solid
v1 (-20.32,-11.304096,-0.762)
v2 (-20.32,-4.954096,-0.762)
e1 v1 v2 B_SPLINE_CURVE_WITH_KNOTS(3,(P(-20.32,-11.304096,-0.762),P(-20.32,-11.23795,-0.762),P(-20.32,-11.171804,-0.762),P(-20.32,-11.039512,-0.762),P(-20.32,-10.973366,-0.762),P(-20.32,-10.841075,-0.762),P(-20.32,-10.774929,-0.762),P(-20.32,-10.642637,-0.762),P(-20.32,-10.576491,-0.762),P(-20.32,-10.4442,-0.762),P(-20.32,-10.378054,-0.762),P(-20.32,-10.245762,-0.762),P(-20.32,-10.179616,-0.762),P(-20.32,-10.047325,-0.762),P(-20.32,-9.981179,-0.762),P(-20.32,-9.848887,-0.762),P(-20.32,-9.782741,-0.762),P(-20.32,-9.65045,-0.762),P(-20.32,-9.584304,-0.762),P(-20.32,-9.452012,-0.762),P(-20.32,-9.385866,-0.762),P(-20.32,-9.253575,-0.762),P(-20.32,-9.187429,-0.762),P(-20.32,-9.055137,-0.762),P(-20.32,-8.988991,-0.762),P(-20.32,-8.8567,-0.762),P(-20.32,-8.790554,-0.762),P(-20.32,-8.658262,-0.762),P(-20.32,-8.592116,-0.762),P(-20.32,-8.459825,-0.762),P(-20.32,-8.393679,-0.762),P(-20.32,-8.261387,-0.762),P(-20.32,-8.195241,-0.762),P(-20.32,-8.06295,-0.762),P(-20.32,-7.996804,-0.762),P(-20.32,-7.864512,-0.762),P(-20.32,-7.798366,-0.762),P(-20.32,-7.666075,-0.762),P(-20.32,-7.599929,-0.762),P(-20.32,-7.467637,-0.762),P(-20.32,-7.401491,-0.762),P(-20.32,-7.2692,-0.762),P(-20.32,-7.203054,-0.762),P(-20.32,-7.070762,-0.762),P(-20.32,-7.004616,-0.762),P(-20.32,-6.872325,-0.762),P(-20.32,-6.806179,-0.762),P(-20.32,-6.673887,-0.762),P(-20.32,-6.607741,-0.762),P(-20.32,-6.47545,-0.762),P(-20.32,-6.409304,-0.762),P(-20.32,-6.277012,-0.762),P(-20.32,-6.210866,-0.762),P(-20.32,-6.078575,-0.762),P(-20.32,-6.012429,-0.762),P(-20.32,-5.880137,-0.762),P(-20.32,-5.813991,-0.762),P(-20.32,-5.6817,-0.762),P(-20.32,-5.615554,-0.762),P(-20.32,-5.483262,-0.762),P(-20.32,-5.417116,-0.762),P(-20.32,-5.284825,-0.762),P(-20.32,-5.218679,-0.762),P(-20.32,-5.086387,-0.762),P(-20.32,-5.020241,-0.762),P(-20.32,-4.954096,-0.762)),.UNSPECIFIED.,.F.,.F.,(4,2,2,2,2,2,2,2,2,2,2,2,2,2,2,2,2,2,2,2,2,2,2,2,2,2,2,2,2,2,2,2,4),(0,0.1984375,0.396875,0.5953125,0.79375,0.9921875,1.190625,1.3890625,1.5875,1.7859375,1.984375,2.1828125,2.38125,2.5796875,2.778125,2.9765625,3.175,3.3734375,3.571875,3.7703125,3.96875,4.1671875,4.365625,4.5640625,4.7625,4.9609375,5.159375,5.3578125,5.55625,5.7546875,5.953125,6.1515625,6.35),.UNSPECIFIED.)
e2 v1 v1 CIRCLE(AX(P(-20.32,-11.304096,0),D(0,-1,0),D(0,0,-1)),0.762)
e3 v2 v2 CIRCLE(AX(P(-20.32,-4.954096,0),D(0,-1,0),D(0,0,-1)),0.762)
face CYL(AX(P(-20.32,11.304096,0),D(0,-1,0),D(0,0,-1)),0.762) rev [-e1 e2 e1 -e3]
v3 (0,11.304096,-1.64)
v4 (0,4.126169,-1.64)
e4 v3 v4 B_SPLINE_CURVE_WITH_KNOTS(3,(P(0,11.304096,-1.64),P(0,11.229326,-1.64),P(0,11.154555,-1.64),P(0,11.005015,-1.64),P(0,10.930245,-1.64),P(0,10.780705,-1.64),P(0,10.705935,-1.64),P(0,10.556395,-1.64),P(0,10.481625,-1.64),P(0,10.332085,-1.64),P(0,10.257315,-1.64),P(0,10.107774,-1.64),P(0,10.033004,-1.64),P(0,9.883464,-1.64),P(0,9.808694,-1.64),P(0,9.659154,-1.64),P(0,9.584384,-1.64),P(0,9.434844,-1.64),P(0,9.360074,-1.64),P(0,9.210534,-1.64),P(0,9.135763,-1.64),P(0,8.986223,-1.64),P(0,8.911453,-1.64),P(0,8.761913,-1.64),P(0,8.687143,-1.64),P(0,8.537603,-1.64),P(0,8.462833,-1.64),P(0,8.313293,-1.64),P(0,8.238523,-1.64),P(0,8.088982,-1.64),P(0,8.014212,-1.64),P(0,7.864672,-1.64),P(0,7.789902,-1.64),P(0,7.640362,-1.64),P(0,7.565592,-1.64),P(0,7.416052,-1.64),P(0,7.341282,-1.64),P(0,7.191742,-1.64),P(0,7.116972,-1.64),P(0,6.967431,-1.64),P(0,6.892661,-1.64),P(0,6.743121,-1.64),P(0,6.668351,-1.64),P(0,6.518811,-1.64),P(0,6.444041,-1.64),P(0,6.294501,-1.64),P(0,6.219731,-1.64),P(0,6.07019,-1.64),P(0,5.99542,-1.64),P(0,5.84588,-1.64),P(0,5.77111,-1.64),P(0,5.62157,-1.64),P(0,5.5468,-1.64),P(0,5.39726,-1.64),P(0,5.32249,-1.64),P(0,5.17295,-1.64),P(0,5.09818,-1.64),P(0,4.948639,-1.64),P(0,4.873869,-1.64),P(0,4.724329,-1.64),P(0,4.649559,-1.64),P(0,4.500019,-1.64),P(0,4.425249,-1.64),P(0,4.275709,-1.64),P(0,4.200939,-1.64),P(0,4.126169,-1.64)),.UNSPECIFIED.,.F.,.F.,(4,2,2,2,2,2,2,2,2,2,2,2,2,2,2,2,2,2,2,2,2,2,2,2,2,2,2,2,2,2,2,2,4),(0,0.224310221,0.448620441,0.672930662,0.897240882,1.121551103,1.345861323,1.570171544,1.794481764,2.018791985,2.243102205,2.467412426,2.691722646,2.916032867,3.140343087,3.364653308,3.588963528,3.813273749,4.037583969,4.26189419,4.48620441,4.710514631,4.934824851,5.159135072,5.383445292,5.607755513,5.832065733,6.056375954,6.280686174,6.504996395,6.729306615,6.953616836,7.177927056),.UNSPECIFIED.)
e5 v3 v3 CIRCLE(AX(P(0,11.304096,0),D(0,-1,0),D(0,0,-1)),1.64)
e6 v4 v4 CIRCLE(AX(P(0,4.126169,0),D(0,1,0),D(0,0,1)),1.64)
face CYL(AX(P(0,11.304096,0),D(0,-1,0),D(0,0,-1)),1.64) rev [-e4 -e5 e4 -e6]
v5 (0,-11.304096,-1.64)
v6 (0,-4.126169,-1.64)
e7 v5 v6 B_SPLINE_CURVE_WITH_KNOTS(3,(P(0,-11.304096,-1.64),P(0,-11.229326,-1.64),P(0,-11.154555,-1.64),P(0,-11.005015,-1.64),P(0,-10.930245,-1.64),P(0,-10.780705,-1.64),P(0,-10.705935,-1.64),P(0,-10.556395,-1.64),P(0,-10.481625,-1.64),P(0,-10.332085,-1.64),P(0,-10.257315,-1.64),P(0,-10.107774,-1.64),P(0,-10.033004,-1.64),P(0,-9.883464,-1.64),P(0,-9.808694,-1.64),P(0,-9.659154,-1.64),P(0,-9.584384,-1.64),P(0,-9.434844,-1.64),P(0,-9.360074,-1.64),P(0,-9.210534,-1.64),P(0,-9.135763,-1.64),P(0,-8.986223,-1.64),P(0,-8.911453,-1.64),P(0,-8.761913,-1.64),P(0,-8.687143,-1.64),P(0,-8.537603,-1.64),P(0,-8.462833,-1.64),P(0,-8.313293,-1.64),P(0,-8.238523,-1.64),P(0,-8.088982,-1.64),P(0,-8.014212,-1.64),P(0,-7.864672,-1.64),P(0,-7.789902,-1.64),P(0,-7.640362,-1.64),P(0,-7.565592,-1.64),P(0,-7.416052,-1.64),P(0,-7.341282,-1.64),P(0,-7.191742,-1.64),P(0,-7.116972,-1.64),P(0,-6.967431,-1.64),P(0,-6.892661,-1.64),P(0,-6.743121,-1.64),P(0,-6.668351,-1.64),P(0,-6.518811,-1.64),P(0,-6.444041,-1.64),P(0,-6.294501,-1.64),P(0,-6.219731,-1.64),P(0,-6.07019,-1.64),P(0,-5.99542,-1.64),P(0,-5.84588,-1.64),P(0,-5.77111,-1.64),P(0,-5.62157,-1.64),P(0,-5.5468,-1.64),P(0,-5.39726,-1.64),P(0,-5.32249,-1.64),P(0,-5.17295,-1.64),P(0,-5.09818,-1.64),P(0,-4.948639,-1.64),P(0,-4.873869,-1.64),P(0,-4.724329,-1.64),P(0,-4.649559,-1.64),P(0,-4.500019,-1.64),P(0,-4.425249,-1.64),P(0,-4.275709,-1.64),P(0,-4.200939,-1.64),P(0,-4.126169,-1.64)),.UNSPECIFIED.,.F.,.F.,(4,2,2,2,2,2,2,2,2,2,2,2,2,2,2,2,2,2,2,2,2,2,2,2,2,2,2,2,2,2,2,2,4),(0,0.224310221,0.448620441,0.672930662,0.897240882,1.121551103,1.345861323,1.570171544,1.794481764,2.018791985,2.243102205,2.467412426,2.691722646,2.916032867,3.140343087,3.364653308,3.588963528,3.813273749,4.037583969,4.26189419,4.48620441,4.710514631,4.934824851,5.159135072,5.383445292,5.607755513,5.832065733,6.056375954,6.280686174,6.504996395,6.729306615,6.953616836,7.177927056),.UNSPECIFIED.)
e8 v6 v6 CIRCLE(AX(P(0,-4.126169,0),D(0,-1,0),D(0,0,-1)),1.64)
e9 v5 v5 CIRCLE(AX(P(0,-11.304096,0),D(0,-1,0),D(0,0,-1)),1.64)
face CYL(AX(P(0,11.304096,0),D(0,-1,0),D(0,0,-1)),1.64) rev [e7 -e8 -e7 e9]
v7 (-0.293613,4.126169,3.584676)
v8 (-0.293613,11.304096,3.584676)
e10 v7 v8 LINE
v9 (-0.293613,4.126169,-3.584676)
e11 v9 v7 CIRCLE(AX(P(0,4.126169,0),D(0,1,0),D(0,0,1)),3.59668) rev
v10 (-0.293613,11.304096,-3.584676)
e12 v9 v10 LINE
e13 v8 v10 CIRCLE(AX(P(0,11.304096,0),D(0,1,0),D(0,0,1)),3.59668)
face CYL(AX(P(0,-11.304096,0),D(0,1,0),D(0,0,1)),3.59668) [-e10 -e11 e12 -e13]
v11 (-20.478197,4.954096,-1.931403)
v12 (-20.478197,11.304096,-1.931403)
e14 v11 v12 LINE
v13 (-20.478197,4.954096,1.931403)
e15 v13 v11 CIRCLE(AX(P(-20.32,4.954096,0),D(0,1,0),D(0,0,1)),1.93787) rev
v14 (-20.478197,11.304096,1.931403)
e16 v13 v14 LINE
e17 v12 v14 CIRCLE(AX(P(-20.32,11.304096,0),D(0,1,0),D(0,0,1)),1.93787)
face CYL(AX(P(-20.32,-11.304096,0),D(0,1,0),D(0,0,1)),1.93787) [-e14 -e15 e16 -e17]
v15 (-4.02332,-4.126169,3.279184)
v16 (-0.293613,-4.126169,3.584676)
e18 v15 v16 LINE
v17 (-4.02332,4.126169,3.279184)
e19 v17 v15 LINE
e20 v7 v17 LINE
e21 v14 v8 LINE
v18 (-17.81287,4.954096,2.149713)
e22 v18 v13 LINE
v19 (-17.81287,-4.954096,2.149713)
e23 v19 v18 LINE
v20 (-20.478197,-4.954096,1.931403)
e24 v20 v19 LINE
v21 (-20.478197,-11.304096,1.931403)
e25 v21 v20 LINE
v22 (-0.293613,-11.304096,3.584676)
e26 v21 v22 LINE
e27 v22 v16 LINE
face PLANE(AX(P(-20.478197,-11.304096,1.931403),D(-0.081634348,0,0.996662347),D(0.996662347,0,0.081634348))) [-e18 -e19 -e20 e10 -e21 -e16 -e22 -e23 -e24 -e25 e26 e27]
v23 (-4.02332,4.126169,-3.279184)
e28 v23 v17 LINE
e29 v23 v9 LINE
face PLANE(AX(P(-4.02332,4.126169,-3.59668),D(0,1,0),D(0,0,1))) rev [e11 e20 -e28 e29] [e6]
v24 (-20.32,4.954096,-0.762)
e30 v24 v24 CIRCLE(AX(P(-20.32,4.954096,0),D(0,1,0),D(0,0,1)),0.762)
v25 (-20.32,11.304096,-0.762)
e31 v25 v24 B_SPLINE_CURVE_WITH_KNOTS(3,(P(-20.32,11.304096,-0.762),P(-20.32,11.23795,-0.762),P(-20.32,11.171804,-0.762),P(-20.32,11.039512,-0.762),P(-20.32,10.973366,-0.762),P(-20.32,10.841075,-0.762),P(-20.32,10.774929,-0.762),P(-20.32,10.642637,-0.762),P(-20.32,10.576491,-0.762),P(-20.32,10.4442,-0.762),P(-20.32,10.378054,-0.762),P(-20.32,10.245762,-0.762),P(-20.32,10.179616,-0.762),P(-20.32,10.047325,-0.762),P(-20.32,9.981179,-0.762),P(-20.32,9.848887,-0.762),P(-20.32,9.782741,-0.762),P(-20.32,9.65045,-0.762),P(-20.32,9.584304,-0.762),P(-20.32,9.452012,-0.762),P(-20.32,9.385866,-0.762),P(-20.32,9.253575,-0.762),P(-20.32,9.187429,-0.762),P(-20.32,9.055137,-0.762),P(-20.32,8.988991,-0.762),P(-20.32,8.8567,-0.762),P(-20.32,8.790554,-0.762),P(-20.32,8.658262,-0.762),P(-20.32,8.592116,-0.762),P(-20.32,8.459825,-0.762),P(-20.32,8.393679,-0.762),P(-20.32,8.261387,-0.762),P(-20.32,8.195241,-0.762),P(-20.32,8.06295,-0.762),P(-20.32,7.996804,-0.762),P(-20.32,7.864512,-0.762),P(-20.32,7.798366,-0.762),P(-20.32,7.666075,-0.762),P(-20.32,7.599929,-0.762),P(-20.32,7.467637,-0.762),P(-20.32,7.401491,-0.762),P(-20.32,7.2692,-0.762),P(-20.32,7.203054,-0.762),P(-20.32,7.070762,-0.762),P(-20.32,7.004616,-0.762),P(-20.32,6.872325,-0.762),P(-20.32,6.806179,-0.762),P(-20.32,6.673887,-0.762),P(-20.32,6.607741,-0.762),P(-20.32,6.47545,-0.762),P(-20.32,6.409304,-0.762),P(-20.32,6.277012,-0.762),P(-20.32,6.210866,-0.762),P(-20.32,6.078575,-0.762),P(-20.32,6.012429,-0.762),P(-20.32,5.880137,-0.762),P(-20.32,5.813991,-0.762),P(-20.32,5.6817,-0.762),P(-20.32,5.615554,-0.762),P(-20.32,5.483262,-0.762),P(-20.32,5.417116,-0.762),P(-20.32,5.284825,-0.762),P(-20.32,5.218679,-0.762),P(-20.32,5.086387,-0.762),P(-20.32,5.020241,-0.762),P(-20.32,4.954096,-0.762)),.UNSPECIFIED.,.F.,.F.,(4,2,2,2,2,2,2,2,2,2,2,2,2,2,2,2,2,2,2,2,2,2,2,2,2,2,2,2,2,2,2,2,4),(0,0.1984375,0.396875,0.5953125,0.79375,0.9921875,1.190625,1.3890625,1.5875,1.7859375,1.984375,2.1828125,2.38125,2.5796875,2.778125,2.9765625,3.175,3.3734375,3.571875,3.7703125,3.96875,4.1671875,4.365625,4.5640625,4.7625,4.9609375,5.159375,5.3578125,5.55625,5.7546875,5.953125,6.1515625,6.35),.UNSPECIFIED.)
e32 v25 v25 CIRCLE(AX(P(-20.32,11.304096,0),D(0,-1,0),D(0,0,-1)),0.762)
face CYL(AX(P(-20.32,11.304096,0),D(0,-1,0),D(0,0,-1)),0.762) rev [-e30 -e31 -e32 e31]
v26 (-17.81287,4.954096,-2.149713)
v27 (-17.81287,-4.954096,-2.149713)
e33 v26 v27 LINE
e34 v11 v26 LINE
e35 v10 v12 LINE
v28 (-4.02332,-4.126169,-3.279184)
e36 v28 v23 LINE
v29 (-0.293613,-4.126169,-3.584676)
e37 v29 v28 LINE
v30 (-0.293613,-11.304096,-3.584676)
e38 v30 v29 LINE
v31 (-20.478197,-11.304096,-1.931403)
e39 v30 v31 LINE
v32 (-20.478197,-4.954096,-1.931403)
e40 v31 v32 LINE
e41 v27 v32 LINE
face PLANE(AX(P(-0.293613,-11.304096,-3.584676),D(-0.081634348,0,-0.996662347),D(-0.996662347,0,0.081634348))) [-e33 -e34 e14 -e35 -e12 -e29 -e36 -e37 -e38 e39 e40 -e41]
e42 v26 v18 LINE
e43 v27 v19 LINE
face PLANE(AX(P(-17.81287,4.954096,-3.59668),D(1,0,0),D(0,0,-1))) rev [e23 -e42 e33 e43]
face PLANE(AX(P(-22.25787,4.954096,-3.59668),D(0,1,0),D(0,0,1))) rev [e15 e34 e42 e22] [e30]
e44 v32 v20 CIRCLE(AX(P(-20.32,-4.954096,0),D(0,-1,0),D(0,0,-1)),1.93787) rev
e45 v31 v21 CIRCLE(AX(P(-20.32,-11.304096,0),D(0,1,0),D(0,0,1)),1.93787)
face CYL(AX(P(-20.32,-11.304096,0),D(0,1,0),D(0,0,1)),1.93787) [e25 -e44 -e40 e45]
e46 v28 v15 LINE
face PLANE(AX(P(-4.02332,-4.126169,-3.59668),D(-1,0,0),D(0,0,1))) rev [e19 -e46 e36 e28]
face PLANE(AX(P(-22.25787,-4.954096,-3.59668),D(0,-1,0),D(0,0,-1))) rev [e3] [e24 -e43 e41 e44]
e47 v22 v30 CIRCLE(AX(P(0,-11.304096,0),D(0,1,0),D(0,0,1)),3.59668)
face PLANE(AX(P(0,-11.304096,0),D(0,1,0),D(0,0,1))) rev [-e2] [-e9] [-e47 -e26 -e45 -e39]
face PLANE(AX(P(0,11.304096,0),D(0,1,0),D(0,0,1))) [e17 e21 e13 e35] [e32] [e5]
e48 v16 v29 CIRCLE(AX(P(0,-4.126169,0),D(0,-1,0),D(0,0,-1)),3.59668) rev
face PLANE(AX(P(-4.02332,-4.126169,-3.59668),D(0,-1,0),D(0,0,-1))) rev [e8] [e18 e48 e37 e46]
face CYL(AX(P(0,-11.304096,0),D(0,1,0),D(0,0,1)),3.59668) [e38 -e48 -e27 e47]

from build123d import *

# Parameters (mm, degrees)
EXTRUDE2_DEPTH          = 11.304095629
CUT_EXTRUDE5_DEPTH      = 26.221647195
CUT_EXTRUDE5_DEPTH_BACK = 26.221647195
SKETCH4_W               = 7.62
SKETCH4_H               = 8.252337146
SKETCH5_R               = 1.64
CUT_EXTRUDE6_DEPTH      = 32.929284696
EXTRUDE4_DEPTH          = 26.221647195
EXTRUDE4_DEPTH_BACK     = 26.221647195
SKETCH6_W               = 4.445
SKETCH6_H               = 9.908191258
SKETCH7_R               = 0.762
EXTRUDE5_DEPTH          = 32.929284696


with BuildPart() as part:
    # Sketch2 → Extrude2 (new, symmetric)
    with BuildSketch(Plane(origin=(0.008589011, 0, 0), x_dir=(1, 0, 0), z_dir=(0, 1, 0))):
        with BuildLine():
            Line((-0.302201676, 3.58467598), (-20.486785806, 1.931402555))
            ThreePointArc((-20.486785806, 1.931402555), (-22.266459506, 0), (-20.486785806, -1.931402555))
            Line((-20.486785806, -1.931402555), (-0.302201676, -3.58467598))
            ThreePointArc((-0.302201676, -3.58467598), (3.588091442, 0), (-0.302201676, 3.58467598))
        make_face()
    extrude(amount=EXTRUDE2_DEPTH, both=True)

    # Sketch4 → Cut-Extrude5 (cut, two sides: drawn at the far end of the back side and taken through both)
    with BuildSketch(Plane.XY.offset(-CUT_EXTRUDE5_DEPTH_BACK)):
        with Locations((-0.213319547, 0)):
            Rectangle(SKETCH4_W, SKETCH4_H)
    extrude(amount=CUT_EXTRUDE5_DEPTH + CUT_EXTRUDE5_DEPTH_BACK, mode=Mode.SUBTRACT)

    # Sketch5 → Cut-Extrude6 (cut, through all)
    with BuildSketch(Plane.XZ.offset(11.304095629)):
        with Locations(Location((0, 0, 0), (0, 0, 270))):
            Circle(SKETCH5_R)
    extrude(amount=-CUT_EXTRUDE6_DEPTH, mode=Mode.SUBTRACT)

    # Sketch6 → Extrude4 (cut, two sides: drawn at the far end of the back side and taken through both)
    with BuildSketch(Plane.XY.offset(-EXTRUDE4_DEPTH_BACK)):
        with Locations((-20.035370495, 0)):
            Rectangle(SKETCH6_W, SKETCH6_H)
    extrude(amount=EXTRUDE4_DEPTH + EXTRUDE4_DEPTH_BACK, mode=Mode.SUBTRACT)

    # Sketch7 → Extrude5 (cut, through all)
    with BuildSketch(Plane.XZ.offset(11.304095629)):
        with Locations(Location((-20.32, 0, 0), (0, 0, 270))):
            Circle(SKETCH7_R)
    extrude(amount=-EXTRUDE5_DEPTH, mode=Mode.SUBTRACT)


solid = part.part
